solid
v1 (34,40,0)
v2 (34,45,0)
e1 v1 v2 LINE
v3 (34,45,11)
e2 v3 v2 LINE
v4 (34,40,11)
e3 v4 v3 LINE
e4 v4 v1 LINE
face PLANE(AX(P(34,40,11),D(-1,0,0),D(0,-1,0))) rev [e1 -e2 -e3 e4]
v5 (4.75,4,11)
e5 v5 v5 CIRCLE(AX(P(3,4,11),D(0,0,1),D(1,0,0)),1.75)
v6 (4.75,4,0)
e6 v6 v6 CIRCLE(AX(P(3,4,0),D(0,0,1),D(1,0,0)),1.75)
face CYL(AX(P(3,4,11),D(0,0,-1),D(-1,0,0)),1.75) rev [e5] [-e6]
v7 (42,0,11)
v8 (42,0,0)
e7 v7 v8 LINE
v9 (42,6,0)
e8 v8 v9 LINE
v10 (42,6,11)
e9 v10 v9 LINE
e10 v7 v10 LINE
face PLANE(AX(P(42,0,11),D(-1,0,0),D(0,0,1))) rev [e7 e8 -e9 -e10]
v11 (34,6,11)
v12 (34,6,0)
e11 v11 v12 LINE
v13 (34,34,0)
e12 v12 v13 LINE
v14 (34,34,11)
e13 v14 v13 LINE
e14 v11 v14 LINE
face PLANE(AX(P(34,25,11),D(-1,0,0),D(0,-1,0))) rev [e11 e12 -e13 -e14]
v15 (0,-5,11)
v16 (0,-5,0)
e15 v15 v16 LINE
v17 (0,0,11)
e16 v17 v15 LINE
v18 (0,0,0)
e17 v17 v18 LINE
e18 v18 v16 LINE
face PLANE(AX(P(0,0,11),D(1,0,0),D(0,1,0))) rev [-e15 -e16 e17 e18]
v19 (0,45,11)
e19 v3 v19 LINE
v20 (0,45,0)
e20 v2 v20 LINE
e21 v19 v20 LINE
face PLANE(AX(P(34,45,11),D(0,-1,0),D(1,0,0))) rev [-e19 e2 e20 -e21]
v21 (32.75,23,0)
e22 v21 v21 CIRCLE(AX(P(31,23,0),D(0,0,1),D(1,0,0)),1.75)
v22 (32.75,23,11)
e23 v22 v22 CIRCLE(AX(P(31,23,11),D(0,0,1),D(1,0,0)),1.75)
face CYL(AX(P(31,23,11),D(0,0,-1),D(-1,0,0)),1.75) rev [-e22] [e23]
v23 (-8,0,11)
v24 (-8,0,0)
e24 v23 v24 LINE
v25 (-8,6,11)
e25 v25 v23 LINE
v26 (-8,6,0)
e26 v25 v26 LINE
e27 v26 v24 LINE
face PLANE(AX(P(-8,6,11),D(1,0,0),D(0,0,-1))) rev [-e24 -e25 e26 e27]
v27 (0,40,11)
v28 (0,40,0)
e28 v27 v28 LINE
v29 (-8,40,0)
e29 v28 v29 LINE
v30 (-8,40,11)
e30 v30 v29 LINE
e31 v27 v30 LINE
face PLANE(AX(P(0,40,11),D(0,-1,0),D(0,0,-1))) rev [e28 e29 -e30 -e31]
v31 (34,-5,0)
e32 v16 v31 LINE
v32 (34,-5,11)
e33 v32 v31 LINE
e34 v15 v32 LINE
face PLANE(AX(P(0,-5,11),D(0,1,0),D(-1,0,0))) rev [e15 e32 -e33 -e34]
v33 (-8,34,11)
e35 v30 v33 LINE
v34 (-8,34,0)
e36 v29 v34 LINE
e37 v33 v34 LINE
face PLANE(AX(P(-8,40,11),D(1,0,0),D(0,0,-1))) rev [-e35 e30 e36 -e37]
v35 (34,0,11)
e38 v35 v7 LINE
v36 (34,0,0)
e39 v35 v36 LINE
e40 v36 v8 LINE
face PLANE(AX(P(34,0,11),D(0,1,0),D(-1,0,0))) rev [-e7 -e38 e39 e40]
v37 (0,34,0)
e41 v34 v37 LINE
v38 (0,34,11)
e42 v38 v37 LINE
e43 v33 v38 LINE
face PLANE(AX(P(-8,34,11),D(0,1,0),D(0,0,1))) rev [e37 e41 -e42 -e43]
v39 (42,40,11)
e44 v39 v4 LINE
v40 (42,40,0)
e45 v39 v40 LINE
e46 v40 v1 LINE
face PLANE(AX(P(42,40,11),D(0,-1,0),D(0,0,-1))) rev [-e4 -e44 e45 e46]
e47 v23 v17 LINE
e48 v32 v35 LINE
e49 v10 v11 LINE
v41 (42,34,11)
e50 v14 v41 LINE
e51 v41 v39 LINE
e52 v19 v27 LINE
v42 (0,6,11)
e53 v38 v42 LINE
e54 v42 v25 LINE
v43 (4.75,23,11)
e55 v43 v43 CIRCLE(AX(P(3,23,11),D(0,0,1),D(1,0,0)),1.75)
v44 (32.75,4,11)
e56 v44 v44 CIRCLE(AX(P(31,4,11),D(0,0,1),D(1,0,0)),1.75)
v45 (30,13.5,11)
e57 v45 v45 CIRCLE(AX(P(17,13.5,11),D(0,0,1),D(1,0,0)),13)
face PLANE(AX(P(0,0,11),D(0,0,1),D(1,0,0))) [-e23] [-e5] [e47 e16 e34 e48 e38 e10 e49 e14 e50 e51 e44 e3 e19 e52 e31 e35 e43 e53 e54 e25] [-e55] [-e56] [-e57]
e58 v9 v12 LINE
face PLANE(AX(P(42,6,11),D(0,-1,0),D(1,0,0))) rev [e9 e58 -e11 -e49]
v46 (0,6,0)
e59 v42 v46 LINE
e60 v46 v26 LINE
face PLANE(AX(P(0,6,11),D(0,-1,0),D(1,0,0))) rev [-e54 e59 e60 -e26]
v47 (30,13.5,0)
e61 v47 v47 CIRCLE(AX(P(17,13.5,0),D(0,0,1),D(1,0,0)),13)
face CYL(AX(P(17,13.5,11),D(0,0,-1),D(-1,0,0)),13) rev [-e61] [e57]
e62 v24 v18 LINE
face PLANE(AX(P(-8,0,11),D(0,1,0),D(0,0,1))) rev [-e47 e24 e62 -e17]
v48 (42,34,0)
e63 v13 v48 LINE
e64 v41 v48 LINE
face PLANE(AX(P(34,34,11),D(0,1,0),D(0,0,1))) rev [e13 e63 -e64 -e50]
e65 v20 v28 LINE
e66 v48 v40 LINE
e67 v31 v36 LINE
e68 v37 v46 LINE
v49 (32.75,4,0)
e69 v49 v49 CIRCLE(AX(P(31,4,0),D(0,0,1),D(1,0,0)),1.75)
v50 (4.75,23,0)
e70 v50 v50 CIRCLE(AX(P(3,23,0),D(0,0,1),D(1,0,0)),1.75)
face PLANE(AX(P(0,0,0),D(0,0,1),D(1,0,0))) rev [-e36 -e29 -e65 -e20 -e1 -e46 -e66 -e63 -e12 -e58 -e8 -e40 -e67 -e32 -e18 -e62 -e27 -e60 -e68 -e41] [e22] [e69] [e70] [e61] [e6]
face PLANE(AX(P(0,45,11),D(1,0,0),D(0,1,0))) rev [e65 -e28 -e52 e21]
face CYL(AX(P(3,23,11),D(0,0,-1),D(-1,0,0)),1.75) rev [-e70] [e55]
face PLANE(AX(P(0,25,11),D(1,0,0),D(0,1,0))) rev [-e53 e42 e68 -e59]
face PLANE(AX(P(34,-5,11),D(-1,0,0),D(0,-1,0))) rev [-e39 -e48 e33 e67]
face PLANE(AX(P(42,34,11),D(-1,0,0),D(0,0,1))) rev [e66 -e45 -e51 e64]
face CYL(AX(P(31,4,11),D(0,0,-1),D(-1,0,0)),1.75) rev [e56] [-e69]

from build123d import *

# Parameters (mm, degrees)
ESQUISSE1_R        = 13
ESQUISSE1_R_2      = 1.75
BOSS_EXTRU_1_DEPTH = 11


with BuildPart() as part:
    # Esquisse1 → Boss.-Extru.1 (new body)
    with BuildSketch(Plane.XY):
        Polygon((0, 25), (0, 6), (-8, 6), (-8, 0), (0, 0), (0, -5), (34, -5), (34, 0), (42, 0), (42, 6), (34, 6), (34, 25), (34, 34), (42, 34), (42, 40), (34, 40), (34, 45), (0, 45), (0, 40), (-8, 40), (-8, 34), (0, 34), align=None)
        with Locations((17, 13.5)):
            Circle(ESQUISSE1_R, mode=Mode.SUBTRACT)
        with Locations((3, 23)):
            Circle(ESQUISSE1_R_2, mode=Mode.SUBTRACT)
        with Locations((31, 23)):
            Circle(ESQUISSE1_R_2, mode=Mode.SUBTRACT)
        with Locations((31, 4)):
            Circle(ESQUISSE1_R_2, mode=Mode.SUBTRACT)
        with Locations((3, 4)):
            Circle(ESQUISSE1_R_2, mode=Mode.SUBTRACT)
    extrude(amount=BOSS_EXTRU_1_DEPTH)


solid = part.part
